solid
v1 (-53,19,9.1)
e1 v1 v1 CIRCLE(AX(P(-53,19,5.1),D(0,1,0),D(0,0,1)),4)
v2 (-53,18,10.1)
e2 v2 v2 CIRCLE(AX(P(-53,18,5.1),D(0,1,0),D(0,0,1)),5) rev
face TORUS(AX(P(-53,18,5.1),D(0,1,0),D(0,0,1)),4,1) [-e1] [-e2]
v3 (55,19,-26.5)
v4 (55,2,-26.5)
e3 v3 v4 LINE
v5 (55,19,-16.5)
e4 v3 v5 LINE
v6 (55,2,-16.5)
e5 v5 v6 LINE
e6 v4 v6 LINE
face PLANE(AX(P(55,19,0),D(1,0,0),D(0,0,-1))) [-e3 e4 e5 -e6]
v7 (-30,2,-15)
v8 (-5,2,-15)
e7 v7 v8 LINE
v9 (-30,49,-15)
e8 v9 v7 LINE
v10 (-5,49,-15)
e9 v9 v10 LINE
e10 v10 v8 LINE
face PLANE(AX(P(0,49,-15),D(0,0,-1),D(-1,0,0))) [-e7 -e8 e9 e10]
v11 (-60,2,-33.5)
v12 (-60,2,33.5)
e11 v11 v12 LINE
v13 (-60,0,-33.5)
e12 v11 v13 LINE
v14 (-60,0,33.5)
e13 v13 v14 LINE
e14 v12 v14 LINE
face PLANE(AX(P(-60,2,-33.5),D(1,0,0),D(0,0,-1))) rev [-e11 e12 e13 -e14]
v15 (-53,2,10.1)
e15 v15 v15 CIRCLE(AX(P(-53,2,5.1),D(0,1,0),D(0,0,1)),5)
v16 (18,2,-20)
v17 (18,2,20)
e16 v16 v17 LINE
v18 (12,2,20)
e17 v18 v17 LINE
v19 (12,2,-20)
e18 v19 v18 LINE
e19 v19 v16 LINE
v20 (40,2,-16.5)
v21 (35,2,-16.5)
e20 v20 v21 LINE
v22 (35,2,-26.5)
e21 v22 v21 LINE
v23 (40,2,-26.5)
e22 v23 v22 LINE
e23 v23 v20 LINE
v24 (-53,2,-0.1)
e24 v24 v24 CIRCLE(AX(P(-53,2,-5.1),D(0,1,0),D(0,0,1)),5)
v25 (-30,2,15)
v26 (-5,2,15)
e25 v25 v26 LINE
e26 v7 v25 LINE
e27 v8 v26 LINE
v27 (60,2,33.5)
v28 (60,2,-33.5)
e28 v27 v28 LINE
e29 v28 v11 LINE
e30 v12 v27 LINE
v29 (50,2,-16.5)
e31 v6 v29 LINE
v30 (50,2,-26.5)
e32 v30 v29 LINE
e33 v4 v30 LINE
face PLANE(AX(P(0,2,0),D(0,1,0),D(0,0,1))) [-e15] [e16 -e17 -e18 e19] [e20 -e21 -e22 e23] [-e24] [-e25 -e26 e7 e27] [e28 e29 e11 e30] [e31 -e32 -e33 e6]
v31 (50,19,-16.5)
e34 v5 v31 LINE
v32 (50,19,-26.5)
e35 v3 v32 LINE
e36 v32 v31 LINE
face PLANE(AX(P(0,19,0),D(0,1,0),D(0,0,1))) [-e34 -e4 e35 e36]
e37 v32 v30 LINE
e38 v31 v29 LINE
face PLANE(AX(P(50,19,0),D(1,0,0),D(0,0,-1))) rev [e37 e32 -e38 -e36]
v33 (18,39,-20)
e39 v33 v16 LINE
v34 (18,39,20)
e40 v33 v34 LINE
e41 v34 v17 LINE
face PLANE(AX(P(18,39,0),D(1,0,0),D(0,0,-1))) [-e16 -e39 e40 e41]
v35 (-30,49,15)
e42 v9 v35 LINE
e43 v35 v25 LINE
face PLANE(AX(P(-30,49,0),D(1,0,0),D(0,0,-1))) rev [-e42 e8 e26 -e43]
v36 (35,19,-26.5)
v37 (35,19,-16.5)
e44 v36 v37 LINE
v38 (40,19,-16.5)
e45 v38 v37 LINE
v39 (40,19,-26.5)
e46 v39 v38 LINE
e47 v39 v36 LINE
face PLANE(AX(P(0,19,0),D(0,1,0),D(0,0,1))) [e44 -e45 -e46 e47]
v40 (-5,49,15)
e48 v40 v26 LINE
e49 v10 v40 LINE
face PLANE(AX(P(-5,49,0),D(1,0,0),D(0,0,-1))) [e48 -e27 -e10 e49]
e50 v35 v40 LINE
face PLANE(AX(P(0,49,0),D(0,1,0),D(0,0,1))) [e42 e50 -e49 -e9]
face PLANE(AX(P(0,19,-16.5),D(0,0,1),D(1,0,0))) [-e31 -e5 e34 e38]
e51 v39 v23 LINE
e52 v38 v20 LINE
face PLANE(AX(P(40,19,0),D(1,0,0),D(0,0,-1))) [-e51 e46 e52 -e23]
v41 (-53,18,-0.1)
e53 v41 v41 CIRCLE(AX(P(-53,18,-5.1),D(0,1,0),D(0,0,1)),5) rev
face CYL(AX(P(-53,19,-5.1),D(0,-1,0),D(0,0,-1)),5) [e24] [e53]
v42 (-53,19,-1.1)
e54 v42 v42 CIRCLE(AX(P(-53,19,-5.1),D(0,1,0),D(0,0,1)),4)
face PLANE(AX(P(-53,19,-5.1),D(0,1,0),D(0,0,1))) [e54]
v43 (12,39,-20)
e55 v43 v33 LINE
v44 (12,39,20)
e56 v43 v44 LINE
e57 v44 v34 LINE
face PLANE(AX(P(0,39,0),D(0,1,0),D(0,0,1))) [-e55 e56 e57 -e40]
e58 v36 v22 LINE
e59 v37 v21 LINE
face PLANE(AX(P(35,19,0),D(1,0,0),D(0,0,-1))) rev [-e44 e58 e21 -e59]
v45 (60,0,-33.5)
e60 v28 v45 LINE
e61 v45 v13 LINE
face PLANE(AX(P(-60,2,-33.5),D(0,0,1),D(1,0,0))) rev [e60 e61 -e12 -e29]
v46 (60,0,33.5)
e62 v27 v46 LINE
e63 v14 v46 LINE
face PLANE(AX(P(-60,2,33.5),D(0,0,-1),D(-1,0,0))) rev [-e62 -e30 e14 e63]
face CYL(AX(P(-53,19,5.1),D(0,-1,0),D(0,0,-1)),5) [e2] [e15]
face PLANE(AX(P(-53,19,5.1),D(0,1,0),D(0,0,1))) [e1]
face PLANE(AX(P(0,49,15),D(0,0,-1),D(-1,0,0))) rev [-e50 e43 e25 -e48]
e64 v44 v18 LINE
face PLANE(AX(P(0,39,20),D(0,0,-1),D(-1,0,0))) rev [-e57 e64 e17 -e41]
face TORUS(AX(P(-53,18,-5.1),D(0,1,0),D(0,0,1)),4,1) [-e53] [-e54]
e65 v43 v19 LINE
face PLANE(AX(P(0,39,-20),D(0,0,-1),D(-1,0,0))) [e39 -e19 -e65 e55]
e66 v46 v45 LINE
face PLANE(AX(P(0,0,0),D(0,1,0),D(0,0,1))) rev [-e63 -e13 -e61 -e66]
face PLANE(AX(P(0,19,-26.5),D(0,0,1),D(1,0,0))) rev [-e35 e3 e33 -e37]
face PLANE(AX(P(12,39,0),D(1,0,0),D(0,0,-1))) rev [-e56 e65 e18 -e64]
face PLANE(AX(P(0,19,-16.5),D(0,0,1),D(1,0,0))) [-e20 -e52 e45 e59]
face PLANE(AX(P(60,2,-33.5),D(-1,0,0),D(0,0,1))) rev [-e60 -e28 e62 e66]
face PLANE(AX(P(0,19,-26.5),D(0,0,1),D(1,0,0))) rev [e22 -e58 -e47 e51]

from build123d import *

# Parameters (mm, degrees)
SKETCH1_W           = 120
SKETCH1_H           = 67
BOSS_EXTRUDE1_DEPTH = 2
SKETCH2_R           = 5
BOSS_EXTRUDE2_DEPTH = 17
FILLET1_R           = 1
SKETCH3_W           = 25
SKETCH3_H           = 30
BOSS_EXTRUDE3_DEPTH = 47
SKETCH3_3_W         = 6
SKETCH3_3_H         = 40
BOSS_EXTRUDE4_DEPTH = 37
SKETCH3_4_W         = 5
SKETCH3_4_H         = 10
BOSS_EXTRUDE5_DEPTH = 17


with BuildPart() as part:
    # Sketch1 → Boss-Extrude1 (new body)
    with BuildSketch(Plane(origin=(0, 0, 0), x_dir=(1, 0, 0), z_dir=(0, 1, 0))):
        Rectangle(SKETCH1_W, SKETCH1_H)
    extrude(amount=BOSS_EXTRUDE1_DEPTH)

    # Sketch2 → Boss-Extrude2 (add)
    with BuildSketch(Plane(origin=(0, 2, 0), x_dir=(1, 0, 0), z_dir=(0, 1, 0))):
        with Locations((-53, 5.1)):
            Circle(SKETCH2_R)
        with Locations((-53, -5.1)):
            Circle(SKETCH2_R)
    extrude(amount=BOSS_EXTRUDE2_DEPTH)

    # Fillet1
    fillet1_edges = [part.edges().sort_by_distance(p)[0] for p in [
        (-58, 19, -5.1),
        (-58, 19, 5.1),
    ]]
    fillet(fillet1_edges, radius=FILLET1_R)

    # Sketch3 → Boss-Extrude3 (add)
    with BuildSketch(Plane(origin=(0, 2, 0), x_dir=(1, 0, 0), z_dir=(0, 1, 0))):
        with Locations((-17.5, 0)):
            Rectangle(SKETCH3_W, SKETCH3_H)
    extrude(amount=BOSS_EXTRUDE3_DEPTH)

    # Sketch3<3> → Boss-Extrude4 (add)
    with BuildSketch(Plane(origin=(0, 2, 0), x_dir=(1, 0, 0), z_dir=(0, 1, 0))):
        with Locations((15, 0)):
            Rectangle(SKETCH3_3_W, SKETCH3_3_H)
    extrude(amount=BOSS_EXTRUDE4_DEPTH)

    # Sketch3<4> → Boss-Extrude5 (add)
    with BuildSketch(Plane(origin=(0, 2, 0), x_dir=(1, 0, 0), z_dir=(0, 1, 0))):
        with Locations((37.5, 21.5)):
            Rectangle(SKETCH3_4_W, SKETCH3_4_H)
        with Locations((52.5, 21.5)):
            Rectangle(SKETCH3_4_W, SKETCH3_4_H)
    extrude(amount=BOSS_EXTRUDE5_DEPTH)


solid = part.part
